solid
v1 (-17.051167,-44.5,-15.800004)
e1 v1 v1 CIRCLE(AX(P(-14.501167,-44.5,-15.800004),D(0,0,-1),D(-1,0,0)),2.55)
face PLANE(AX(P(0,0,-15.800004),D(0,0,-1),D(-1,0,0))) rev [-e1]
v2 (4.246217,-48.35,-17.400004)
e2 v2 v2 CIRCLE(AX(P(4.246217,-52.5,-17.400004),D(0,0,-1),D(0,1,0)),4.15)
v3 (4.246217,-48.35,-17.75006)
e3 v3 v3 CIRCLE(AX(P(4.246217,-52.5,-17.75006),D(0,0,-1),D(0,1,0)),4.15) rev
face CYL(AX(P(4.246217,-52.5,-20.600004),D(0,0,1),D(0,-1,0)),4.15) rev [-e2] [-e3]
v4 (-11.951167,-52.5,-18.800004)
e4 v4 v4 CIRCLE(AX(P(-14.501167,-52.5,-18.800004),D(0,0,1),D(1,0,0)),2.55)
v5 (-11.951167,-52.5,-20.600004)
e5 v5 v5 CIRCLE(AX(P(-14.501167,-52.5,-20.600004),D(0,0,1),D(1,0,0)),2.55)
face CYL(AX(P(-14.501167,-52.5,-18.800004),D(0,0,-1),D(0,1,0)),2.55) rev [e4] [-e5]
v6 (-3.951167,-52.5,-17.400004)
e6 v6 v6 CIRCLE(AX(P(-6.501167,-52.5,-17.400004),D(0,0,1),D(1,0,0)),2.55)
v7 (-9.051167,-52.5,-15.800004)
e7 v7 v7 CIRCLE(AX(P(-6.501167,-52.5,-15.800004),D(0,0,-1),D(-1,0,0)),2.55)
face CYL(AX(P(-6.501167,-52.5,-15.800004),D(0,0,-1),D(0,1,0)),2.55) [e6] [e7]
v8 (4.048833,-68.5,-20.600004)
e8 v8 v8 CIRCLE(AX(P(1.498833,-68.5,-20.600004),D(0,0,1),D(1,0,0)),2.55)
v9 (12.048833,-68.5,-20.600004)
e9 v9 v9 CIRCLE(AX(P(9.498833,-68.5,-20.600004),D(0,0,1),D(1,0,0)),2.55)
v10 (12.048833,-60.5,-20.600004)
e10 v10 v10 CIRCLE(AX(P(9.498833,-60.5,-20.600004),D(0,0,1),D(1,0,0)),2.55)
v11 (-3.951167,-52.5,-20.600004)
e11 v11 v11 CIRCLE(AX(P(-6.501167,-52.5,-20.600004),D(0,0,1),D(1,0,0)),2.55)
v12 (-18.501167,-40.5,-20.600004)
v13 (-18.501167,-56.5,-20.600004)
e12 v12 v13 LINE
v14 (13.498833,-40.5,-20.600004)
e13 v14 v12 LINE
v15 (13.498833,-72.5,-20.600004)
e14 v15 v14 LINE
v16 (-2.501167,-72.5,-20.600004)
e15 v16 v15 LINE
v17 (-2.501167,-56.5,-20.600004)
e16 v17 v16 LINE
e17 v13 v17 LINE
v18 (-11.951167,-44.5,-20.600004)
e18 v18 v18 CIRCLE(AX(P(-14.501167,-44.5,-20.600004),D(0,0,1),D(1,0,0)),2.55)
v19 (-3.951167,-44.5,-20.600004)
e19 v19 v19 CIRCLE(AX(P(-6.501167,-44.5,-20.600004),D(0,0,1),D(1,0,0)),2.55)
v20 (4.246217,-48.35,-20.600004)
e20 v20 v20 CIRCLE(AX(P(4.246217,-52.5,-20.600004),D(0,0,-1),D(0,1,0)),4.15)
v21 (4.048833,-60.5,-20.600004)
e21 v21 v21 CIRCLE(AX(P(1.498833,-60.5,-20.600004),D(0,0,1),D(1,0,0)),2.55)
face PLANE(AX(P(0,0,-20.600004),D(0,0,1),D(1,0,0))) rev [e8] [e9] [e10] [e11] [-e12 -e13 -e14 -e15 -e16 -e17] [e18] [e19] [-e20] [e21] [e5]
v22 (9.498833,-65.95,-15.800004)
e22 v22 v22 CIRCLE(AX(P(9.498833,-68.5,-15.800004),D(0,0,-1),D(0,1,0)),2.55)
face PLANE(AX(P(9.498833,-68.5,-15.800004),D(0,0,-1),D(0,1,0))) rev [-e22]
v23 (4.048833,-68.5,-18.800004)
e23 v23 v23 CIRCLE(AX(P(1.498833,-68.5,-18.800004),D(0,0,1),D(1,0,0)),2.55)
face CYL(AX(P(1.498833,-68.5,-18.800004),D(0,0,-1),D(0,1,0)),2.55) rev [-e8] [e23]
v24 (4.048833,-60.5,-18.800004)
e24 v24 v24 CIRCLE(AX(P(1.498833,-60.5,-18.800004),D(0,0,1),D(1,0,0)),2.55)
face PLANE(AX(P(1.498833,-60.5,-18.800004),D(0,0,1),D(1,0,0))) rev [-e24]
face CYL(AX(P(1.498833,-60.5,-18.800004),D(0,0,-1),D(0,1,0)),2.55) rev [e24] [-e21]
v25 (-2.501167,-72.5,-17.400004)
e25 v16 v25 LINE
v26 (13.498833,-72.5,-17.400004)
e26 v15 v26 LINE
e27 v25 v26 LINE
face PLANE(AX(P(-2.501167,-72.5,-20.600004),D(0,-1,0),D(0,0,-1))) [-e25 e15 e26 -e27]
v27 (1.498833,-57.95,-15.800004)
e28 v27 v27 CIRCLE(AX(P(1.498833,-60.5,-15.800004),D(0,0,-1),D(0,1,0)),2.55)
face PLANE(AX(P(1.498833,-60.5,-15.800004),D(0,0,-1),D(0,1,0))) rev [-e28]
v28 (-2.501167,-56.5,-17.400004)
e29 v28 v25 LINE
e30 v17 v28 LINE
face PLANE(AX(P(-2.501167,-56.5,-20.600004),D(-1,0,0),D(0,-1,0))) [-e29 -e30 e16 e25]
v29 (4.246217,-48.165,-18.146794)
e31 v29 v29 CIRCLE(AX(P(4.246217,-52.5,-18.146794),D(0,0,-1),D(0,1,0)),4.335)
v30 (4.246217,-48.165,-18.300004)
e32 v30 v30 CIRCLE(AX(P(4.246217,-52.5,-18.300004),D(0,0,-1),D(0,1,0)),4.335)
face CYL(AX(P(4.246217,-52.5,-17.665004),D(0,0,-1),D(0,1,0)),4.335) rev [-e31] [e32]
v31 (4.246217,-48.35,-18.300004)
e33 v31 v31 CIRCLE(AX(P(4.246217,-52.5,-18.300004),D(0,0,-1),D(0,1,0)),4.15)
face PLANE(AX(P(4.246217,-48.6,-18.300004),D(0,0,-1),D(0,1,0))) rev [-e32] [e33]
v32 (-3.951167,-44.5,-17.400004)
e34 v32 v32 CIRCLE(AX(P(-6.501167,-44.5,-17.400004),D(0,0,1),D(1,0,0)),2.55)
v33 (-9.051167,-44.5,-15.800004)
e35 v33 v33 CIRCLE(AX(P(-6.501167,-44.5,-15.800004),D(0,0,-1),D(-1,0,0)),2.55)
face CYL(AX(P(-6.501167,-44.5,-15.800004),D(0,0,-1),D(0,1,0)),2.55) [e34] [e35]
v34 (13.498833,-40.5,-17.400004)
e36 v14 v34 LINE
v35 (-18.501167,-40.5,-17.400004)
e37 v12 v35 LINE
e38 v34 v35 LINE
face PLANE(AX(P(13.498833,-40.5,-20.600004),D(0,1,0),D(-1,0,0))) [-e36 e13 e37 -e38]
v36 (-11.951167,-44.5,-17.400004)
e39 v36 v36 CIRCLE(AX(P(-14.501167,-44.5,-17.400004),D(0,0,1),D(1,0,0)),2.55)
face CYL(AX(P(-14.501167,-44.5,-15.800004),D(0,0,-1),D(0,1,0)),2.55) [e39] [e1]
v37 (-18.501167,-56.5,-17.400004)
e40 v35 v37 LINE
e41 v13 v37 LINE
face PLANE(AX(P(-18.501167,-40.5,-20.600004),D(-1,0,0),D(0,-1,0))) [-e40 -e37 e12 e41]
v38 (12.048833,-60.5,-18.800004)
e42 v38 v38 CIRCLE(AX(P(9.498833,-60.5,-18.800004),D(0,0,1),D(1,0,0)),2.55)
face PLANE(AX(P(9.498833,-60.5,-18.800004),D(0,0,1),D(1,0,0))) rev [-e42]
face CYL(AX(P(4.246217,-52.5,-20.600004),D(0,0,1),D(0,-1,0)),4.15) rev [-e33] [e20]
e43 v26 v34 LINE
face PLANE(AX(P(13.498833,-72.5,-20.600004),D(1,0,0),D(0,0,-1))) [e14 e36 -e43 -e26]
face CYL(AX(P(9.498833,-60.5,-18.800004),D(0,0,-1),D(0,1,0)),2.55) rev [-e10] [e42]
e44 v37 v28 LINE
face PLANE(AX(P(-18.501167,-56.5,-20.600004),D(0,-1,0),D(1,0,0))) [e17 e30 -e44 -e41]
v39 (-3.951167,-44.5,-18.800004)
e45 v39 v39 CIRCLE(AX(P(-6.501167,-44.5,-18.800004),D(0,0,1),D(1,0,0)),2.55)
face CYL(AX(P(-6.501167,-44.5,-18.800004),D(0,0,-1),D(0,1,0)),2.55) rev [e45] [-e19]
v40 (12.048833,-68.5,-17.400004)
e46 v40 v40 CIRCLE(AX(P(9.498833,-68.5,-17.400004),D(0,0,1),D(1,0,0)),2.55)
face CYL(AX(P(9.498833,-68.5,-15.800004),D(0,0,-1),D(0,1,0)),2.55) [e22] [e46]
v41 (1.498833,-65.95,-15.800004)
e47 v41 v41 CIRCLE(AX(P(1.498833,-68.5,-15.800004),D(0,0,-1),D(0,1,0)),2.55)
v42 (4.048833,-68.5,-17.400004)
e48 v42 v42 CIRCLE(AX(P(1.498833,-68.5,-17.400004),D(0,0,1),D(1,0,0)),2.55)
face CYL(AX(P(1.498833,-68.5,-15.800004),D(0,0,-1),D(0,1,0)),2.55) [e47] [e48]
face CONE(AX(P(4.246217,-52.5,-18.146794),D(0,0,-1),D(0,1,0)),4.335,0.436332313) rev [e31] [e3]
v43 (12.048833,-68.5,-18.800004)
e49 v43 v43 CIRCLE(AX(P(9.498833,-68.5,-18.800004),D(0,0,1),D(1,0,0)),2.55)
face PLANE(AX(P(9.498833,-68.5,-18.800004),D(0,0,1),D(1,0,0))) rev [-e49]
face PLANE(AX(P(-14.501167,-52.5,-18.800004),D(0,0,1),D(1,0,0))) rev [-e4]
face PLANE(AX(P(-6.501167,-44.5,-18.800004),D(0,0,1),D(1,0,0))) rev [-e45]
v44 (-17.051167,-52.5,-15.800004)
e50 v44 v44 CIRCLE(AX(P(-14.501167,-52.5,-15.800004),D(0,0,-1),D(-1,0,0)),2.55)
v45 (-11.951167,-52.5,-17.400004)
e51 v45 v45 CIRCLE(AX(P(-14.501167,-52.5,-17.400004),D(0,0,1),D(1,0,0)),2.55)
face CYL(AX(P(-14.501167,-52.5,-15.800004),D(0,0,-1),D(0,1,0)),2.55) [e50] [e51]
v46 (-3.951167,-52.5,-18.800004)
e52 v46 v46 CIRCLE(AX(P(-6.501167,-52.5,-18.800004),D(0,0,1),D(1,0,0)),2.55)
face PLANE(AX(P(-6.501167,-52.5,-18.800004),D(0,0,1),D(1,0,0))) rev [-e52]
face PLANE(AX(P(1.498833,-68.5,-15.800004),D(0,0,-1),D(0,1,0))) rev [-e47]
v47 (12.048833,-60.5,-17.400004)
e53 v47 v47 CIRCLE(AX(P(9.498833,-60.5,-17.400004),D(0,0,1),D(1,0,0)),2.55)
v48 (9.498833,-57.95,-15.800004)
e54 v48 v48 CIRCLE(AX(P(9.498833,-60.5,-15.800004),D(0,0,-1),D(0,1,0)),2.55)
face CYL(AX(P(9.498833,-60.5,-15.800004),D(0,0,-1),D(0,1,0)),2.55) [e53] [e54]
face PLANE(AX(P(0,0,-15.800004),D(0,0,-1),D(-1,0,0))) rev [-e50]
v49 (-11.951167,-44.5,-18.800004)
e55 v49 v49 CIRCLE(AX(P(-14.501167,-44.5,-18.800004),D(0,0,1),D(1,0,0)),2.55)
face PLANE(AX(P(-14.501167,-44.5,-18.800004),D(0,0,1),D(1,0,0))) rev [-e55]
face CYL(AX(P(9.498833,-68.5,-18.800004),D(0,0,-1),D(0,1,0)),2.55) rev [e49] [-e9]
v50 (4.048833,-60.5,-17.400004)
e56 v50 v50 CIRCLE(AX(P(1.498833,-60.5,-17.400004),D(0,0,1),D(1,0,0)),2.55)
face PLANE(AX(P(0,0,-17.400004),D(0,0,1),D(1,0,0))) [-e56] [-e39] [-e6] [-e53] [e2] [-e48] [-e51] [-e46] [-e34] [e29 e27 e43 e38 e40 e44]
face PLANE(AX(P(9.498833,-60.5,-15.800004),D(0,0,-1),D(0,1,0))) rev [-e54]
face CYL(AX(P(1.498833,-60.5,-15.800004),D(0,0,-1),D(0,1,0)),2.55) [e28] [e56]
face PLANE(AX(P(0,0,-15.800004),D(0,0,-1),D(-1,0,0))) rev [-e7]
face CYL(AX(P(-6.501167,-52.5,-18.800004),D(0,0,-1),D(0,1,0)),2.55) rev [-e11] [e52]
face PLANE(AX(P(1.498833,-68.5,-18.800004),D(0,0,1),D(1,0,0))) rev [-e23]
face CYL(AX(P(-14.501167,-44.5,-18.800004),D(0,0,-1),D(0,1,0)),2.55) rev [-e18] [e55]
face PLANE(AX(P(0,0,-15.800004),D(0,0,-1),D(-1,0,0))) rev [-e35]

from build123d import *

# Parameters (mm, degrees)
SKETCH1_R           = 4.15
BOSS_EXTRUDE1_DEPTH = 3.2
CUT_EXTRUDE3_START  = 3.2
SKETCH1_3_R         = 2.55
CUT_EXTRUDE3_DEPTH  = 1.8
SKETCH1_4_R         = 2.55
BOSS_EXTRUDE2_DEPTH = 1.6


with BuildPart() as part:
    # Sketch1 → Boss-Extrude1 (new body)
    with BuildSketch(Plane(origin=(0, 0, -17.400004116), x_dir=(-1, 0, 0), z_dir=(0, 0, -1))):
        Polygon((2.501166814, -72.5), (-13.498833186, -72.5), (-13.498833186, -40.5), (18.501166814, -40.5), (18.501166814, -56.5), (2.501166814, -56.5), align=None)
        with Locations(Location((-4.246216621, -52.5, 0), (0, 0, 90))):
            Circle(SKETCH1_R, mode=Mode.SUBTRACT)
    extrude(amount=BOSS_EXTRUDE1_DEPTH)

    # Sketch1<3> → Cut-Extrude3 (cut)
    with BuildSketch(Plane(origin=(0, 0, -17.400004116), x_dir=(-1, 0, 0), z_dir=(0, 0, -1)).offset(CUT_EXTRUDE3_START)):
        with Locations(Location((6.501166814, -52.5, 0), (0, 0, 180))):
            Circle(SKETCH1_3_R)
        with Locations(Location((6.501166814, -44.5, 0), (0, 0, 180))):
            Circle(SKETCH1_3_R)
        with Locations(Location((14.501166814, -44.5, 0), (0, 0, 180))):
            Circle(SKETCH1_3_R)
        with Locations(Location((14.501166814, -52.5, 0), (0, 0, 180))):
            Circle(SKETCH1_3_R)
        with Locations(Location((-9.498833186, -60.5, 0), (0, 0, 180))):
            Circle(SKETCH1_3_R)
        with Locations(Location((-1.498833186, -60.5, 0), (0, 0, 180))):
            Circle(SKETCH1_3_R)
        with Locations(Location((-1.498833186, -68.5, 0), (0, 0, 180))):
            Circle(SKETCH1_3_R)
        with Locations(Location((-9.498833186, -68.5, 0), (0, 0, 180))):
            Circle(SKETCH1_3_R)
    extrude(amount=-CUT_EXTRUDE3_DEPTH, mode=Mode.SUBTRACT)

    # Sketch1<4> → Boss-Extrude2 (add)
    with BuildSketch(Plane(origin=(0, 0, -17.400004116), x_dir=(-1, 0, 0), z_dir=(0, 0, -1))):
        with Locations(Location((6.501166814, -44.5, 0), (0, 0, 180))):
            Circle(SKETCH1_4_R)
        with Locations(Location((14.501166814, -44.5, 0), (0, 0, 180))):
            Circle(SKETCH1_4_R)
        with Locations(Location((14.501166814, -52.5, 0), (0, 0, 180))):
            Circle(SKETCH1_4_R)
        with Locations(Location((6.501166814, -52.5, 0), (0, 0, 180))):
            Circle(SKETCH1_4_R)
        with Locations(Location((-1.498833186, -60.5, 0), (0, 0, 180))):
            Circle(SKETCH1_4_R)
        with Locations(Location((-1.498833186, -68.5, 0), (0, 0, 180))):
            Circle(SKETCH1_4_R)
        with Locations(Location((-9.498833186, -60.5, 0), (0, 0, 180))):
            Circle(SKETCH1_4_R)
        with Locations(Location((-9.498833186, -68.5, 0), (0, 0, 180))):
            Circle(SKETCH1_4_R)
    extrude(amount=-BOSS_EXTRUDE2_DEPTH)

    # Sketch2 → Cut-Revolve1 (revolve, cut)
    with BuildSketch(Plane(origin=(4.246216621, -52.5, -15.300004116), x_dir=(0, 0, 1), z_dir=(-1, 0, 0))):
        Polygon((-2.846789772, 4.335), (-1.913929092, 3.899999921), (-3, 3.900000008), (-3, 4.335), align=None)
    revolve(axis=Axis((4.246216621, -52.5, -17.665004136), (0, 0, 1)), mode=Mode.SUBTRACT)


solid = part.part
